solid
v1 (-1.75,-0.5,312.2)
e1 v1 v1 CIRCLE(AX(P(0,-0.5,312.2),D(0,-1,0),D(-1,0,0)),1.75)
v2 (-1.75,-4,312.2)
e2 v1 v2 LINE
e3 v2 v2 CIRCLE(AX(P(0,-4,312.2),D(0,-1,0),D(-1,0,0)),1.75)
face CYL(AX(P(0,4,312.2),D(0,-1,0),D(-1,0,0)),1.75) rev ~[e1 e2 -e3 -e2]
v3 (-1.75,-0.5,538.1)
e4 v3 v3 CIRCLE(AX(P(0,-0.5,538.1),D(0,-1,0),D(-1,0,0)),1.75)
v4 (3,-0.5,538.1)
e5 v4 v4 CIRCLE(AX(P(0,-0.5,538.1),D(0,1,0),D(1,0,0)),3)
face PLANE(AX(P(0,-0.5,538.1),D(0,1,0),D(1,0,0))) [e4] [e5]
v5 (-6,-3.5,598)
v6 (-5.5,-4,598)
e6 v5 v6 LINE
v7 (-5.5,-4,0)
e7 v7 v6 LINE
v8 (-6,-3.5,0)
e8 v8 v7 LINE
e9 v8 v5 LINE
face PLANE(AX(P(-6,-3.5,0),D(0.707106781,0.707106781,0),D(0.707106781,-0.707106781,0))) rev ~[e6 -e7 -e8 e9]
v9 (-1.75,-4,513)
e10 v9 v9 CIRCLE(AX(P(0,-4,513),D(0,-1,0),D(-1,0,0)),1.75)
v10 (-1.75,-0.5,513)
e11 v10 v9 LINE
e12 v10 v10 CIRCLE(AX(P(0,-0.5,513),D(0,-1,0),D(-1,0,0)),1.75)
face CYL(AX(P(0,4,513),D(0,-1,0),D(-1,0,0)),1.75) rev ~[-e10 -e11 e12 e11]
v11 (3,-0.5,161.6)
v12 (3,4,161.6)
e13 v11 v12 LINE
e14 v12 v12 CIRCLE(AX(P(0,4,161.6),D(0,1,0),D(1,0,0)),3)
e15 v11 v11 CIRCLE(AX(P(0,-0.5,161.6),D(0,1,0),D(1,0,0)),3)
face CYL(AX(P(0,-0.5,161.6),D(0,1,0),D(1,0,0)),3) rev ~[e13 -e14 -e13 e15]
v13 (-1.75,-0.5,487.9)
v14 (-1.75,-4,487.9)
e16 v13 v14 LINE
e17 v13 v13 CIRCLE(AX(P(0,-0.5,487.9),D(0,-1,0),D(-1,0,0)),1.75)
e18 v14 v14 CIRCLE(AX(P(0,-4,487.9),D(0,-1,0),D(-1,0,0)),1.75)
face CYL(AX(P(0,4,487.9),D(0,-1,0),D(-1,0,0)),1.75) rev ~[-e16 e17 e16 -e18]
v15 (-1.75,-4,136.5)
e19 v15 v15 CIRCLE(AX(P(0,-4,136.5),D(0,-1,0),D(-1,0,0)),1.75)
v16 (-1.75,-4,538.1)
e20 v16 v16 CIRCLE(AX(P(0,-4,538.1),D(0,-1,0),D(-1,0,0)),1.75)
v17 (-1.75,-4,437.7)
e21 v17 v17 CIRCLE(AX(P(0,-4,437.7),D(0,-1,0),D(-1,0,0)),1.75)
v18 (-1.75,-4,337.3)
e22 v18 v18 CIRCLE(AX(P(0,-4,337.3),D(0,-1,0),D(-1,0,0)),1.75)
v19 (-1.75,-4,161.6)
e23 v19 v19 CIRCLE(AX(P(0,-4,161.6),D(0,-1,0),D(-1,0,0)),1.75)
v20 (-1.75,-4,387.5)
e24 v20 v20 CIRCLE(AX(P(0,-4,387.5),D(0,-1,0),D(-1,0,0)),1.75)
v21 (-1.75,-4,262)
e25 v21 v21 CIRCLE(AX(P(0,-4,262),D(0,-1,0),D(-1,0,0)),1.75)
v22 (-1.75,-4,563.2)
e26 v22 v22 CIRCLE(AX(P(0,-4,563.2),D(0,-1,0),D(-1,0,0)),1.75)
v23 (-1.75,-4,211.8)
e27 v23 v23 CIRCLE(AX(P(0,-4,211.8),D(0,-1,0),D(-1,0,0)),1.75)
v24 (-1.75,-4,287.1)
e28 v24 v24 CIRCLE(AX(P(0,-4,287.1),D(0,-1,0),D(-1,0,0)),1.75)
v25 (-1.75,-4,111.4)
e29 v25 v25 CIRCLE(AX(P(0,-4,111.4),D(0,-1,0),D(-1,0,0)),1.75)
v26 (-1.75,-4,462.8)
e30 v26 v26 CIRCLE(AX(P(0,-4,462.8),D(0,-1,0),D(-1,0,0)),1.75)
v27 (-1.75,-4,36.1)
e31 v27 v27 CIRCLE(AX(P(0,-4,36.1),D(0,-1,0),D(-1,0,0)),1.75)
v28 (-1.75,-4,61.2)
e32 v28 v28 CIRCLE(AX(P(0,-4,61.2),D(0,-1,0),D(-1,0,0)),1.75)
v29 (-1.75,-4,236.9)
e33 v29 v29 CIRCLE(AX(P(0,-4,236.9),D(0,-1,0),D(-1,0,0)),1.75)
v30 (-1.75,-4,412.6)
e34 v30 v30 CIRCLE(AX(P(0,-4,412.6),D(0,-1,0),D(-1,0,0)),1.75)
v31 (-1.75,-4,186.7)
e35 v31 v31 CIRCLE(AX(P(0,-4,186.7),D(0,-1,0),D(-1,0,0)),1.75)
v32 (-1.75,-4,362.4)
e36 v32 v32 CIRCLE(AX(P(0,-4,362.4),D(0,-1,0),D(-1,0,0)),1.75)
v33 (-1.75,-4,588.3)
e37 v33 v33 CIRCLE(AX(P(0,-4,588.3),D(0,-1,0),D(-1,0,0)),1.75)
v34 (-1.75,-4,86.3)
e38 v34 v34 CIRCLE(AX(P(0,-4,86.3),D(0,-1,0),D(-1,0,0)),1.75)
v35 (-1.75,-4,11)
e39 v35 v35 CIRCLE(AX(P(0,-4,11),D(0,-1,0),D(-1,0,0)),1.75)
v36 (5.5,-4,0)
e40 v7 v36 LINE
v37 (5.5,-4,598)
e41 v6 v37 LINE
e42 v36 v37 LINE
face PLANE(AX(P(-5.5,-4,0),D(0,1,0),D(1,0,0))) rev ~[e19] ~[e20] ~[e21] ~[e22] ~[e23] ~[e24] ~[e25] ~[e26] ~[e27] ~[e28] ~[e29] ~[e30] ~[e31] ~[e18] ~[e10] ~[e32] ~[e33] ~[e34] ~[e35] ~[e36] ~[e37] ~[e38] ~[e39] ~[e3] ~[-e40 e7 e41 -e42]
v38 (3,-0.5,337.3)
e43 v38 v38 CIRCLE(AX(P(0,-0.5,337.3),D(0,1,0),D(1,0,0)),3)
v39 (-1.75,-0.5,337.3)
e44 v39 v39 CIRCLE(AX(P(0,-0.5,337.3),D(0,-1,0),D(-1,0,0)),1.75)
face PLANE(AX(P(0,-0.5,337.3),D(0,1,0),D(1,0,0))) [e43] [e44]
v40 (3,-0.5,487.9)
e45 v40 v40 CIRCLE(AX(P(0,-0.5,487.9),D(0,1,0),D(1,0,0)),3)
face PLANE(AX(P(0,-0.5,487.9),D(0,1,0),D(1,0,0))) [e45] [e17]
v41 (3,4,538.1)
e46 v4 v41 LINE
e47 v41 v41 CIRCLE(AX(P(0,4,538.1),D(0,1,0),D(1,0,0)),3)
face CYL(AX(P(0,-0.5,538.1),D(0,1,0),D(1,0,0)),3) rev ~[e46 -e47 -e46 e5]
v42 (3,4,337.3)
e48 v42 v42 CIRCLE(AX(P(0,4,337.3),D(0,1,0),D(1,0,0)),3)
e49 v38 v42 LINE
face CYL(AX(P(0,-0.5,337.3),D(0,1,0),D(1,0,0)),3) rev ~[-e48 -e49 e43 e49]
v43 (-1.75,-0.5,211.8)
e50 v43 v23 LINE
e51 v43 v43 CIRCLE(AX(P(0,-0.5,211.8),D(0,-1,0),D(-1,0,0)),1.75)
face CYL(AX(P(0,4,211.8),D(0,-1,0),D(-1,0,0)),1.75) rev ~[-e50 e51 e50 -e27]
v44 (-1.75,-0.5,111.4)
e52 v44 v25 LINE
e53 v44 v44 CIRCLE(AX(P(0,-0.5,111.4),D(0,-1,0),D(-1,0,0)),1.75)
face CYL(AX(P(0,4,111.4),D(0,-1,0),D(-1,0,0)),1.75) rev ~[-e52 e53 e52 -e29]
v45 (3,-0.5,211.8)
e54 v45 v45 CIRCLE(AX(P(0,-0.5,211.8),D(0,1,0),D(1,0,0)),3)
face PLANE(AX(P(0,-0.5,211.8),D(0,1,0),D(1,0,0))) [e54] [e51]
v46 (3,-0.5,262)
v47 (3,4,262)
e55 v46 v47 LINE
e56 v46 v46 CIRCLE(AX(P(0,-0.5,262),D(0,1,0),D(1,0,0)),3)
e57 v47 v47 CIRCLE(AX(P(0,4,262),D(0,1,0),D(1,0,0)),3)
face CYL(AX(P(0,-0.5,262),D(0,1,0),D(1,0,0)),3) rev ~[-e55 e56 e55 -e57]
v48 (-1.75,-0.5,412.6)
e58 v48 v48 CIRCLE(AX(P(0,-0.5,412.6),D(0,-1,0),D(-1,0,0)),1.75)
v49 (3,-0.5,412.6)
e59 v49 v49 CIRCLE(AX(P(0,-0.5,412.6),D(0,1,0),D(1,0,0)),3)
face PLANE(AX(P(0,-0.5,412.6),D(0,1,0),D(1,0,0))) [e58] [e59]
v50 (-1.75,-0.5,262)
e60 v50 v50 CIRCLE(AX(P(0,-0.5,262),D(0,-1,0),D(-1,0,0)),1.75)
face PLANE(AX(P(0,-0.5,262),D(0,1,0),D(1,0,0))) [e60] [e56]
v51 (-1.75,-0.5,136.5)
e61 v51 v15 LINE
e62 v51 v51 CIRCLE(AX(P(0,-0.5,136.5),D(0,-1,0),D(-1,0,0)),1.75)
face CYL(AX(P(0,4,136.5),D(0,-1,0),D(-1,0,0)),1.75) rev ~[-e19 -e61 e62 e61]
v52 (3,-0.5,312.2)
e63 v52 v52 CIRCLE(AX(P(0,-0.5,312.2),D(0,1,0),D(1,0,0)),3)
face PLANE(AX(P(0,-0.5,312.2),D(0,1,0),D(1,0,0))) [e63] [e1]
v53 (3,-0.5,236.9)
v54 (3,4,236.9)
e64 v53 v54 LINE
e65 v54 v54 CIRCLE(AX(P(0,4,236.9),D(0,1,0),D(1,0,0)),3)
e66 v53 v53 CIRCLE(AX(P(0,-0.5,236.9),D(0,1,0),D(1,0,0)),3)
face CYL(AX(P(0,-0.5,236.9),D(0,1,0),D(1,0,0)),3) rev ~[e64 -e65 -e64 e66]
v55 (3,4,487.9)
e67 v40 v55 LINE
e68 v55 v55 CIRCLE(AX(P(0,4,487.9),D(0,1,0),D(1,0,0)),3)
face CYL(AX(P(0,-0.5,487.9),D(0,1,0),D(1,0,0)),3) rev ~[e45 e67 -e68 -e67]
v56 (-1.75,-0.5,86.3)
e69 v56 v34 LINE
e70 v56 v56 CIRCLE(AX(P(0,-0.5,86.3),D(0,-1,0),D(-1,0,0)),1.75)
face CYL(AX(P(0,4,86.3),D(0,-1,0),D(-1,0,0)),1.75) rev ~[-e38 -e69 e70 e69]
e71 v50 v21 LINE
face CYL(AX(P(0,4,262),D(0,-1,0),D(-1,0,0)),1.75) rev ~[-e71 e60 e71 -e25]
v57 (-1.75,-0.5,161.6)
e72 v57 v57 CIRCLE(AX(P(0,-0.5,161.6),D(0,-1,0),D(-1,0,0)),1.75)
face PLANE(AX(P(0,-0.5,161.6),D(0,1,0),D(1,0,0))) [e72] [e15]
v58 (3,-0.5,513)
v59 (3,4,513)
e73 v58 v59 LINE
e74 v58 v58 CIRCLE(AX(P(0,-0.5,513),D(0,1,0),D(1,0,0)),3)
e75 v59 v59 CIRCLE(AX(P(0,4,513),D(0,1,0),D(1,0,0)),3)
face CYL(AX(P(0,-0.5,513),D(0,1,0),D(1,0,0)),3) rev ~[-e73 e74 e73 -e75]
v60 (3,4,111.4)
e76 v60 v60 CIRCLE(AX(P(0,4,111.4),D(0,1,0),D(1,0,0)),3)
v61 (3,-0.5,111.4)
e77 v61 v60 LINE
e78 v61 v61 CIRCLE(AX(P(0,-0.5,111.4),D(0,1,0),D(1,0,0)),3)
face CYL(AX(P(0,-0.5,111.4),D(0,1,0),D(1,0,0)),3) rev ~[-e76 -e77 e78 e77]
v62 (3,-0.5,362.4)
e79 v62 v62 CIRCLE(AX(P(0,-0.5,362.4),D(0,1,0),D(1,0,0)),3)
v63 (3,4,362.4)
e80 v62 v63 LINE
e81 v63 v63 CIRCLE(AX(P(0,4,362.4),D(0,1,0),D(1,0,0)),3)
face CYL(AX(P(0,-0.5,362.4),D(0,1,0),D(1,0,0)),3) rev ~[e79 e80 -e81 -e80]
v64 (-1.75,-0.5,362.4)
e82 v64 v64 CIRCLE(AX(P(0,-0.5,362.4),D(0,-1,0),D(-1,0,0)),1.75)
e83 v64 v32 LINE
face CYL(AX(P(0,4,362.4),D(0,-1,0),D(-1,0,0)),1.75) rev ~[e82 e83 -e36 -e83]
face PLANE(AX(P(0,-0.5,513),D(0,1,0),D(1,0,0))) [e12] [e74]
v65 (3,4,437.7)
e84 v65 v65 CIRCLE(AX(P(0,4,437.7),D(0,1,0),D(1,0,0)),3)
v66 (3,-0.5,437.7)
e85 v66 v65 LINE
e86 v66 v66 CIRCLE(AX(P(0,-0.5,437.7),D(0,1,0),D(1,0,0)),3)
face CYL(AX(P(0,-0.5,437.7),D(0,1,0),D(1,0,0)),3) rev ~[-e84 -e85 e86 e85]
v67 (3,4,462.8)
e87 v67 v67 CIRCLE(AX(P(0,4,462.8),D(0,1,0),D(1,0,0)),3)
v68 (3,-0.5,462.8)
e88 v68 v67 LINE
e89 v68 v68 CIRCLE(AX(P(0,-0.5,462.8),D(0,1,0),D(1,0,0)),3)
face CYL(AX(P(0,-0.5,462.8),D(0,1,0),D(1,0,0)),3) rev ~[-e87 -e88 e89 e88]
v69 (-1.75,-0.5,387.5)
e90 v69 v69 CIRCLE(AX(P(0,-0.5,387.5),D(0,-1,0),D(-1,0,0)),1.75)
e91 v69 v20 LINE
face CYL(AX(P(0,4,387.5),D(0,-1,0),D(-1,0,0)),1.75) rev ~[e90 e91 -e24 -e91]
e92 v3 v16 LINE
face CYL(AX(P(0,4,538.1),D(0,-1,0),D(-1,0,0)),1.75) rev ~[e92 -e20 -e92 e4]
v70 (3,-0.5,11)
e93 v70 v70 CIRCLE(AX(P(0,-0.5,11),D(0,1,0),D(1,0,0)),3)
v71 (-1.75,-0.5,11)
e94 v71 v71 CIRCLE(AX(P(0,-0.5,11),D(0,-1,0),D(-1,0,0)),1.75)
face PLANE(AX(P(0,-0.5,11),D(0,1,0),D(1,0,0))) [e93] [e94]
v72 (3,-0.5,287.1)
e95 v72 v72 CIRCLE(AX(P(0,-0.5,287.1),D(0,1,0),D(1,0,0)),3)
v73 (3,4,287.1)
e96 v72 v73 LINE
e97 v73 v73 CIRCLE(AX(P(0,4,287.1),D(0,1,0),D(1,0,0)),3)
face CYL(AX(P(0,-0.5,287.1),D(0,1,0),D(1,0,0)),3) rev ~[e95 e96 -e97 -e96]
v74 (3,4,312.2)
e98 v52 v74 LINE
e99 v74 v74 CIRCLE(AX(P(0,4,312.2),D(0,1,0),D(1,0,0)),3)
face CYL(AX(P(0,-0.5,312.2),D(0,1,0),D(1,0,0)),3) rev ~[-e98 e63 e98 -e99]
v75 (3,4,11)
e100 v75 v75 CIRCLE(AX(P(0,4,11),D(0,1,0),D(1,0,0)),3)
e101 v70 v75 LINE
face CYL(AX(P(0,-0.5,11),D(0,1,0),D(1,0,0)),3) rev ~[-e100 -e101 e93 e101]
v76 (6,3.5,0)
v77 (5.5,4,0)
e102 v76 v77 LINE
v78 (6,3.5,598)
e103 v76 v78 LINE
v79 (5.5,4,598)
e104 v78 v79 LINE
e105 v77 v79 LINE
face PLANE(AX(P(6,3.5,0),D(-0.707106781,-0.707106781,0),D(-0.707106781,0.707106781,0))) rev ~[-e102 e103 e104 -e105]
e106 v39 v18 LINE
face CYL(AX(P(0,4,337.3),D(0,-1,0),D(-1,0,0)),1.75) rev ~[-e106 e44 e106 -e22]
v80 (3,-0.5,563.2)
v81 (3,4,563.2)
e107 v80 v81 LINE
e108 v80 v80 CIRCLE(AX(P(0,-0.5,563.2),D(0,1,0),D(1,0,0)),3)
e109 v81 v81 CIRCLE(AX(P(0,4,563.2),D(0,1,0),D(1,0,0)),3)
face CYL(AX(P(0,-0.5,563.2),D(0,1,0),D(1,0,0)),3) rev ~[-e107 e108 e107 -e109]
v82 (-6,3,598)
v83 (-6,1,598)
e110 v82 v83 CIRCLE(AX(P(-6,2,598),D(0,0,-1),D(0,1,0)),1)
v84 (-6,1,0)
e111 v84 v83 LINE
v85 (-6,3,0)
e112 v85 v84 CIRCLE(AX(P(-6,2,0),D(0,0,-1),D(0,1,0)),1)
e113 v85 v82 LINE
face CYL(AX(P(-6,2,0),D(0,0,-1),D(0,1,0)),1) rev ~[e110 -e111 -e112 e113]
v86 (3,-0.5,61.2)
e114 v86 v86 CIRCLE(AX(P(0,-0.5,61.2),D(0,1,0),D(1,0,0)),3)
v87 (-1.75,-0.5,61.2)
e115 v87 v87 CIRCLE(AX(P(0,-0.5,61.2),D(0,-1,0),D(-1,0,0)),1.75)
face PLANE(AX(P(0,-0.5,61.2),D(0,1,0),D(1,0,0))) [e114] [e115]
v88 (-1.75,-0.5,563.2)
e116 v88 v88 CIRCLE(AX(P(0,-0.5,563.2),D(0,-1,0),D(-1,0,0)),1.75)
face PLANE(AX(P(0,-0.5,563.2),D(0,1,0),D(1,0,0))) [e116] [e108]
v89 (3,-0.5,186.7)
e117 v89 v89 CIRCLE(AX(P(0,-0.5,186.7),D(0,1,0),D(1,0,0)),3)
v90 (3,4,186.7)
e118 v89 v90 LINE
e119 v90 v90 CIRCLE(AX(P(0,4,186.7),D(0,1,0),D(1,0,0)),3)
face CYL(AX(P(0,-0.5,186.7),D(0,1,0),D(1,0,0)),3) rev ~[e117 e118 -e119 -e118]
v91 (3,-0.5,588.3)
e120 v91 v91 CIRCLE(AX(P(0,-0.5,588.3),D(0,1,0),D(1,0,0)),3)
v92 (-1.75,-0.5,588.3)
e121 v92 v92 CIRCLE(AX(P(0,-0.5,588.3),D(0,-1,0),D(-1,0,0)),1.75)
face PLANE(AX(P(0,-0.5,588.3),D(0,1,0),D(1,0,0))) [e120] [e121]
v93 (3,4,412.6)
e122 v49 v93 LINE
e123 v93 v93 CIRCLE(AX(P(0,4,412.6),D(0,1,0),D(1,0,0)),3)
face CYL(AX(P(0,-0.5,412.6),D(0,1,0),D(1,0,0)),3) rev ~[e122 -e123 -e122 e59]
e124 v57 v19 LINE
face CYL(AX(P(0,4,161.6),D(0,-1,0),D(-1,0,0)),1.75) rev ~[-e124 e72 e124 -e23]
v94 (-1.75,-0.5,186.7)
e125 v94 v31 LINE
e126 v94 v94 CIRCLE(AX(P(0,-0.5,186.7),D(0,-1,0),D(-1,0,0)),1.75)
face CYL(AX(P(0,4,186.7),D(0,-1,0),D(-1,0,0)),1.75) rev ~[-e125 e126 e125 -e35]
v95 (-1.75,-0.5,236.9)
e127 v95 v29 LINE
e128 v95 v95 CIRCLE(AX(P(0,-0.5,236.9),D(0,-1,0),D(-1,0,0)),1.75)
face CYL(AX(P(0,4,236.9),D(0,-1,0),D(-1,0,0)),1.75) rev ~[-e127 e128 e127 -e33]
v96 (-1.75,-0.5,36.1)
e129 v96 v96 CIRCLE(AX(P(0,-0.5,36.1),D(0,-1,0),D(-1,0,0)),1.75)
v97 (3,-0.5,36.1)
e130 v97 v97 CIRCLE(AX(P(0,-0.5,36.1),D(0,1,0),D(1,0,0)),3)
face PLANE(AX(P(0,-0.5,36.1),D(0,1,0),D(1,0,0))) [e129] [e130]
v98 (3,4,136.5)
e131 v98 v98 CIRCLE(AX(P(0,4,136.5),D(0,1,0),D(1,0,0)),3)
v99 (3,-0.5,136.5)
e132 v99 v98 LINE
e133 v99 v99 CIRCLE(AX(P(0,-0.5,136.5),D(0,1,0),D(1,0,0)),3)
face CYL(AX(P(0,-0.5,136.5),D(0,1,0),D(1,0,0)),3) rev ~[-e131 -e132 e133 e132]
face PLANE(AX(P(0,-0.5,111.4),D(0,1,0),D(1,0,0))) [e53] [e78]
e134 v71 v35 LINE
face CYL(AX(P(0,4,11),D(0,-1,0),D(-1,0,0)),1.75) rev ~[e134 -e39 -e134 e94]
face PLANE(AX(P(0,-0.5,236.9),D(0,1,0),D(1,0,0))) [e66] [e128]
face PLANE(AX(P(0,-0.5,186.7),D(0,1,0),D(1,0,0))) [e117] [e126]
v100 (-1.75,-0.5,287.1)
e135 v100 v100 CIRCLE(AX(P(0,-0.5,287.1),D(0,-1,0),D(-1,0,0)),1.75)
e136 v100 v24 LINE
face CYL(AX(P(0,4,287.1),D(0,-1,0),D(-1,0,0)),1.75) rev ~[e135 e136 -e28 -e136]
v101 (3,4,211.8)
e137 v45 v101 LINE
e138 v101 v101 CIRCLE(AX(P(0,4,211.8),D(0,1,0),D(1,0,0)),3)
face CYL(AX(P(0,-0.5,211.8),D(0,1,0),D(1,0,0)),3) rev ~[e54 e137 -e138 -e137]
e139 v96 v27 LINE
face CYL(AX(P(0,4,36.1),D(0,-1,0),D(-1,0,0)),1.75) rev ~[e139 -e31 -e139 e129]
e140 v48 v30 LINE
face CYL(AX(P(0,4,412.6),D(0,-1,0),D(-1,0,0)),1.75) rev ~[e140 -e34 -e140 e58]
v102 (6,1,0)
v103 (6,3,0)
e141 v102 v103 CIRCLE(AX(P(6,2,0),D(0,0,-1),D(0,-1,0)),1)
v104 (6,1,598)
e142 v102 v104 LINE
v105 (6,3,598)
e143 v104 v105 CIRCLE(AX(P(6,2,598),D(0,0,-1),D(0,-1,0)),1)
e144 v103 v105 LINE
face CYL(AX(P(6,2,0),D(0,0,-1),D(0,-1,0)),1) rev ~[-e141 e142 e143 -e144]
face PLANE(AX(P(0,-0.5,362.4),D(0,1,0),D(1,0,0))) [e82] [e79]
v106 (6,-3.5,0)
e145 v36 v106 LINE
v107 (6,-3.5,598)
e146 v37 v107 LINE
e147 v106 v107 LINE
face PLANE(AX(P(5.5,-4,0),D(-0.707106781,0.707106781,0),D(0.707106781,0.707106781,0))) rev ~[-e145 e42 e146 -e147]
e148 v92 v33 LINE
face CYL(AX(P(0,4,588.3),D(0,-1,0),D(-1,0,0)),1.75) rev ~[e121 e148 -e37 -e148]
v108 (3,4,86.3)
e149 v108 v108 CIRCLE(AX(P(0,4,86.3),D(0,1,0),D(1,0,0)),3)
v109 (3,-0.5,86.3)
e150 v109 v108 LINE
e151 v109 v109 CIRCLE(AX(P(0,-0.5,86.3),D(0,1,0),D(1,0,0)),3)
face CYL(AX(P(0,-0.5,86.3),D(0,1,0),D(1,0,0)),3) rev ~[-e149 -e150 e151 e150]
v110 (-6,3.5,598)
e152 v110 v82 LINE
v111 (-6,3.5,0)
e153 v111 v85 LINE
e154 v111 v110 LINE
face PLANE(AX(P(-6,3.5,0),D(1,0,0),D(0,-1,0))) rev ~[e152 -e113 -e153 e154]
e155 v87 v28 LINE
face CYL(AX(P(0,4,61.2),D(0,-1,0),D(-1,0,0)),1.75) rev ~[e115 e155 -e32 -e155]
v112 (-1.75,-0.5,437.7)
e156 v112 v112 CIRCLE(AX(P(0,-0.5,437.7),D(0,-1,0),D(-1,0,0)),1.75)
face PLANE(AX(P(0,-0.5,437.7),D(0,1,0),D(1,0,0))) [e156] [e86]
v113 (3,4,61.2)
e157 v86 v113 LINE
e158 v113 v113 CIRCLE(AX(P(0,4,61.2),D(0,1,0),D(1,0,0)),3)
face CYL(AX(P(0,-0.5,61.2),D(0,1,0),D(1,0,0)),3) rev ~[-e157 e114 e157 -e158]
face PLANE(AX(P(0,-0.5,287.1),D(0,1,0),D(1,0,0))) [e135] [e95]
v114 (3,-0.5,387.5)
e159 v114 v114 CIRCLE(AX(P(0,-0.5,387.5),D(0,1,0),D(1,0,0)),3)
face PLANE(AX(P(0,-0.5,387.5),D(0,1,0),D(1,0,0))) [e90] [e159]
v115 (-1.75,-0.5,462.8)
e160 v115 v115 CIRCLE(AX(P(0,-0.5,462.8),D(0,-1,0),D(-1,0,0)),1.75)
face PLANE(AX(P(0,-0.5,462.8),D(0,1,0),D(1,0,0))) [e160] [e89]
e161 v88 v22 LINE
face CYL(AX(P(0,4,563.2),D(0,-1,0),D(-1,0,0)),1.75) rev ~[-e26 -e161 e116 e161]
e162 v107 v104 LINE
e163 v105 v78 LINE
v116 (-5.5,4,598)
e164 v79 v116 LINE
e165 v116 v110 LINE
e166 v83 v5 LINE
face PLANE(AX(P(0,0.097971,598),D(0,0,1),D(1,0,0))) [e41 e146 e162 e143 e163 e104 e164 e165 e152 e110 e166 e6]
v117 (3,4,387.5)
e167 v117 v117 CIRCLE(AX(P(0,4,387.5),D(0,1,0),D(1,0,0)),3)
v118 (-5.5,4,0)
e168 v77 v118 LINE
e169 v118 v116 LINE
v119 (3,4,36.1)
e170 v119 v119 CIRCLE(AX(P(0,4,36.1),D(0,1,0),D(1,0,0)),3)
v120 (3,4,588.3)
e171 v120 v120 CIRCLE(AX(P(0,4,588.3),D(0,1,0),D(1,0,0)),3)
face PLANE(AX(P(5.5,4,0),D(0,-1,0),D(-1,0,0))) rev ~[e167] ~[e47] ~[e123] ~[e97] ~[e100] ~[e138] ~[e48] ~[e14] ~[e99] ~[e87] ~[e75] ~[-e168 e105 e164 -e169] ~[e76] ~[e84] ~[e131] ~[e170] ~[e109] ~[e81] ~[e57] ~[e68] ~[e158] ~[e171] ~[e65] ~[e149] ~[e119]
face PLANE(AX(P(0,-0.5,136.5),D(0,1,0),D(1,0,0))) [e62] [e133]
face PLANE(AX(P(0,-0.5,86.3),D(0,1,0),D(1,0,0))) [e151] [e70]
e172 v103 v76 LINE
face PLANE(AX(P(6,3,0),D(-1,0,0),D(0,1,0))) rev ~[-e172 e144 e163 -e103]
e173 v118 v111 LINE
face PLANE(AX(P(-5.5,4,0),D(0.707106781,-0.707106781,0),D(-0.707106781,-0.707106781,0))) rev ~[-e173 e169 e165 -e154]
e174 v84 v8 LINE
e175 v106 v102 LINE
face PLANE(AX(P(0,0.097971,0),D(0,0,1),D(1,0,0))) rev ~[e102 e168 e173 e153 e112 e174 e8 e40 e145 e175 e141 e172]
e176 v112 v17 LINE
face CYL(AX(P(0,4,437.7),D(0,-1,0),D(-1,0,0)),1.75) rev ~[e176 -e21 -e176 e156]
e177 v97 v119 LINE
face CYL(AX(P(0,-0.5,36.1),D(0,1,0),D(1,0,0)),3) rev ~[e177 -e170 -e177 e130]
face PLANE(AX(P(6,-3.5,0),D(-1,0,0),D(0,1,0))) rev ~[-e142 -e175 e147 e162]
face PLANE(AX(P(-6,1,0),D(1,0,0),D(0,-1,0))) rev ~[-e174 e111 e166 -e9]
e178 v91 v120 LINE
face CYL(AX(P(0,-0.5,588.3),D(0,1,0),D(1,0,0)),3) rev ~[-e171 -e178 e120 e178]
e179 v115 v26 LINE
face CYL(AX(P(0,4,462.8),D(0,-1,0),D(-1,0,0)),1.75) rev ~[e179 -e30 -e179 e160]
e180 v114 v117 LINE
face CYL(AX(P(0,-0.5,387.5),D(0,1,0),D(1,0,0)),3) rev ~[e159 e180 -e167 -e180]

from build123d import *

# Parameters (mm, degrees)
BOSS_EXTRUDE1_DEPTH                     = 598
CBORE_FOR_M5_HEX_HEAD_BOLT1_D           = 3.5
CBORE_FOR_M5_HEX_HEAD_BOLT1_CBORE_D     = 6
CBORE_FOR_M5_HEX_HEAD_BOLT1_CBORE_DEPTH = 4.5
LPATTERN1_COUNT                         = 24
LPATTERN1_PITCH                         = 25.1


with BuildPart() as part:
    # Sketch1 → Boss-Extrude1 (new body)
    with BuildSketch(Plane.XY):
        with BuildLine():
            Line((0, 4), (-5.5, 4))
            Line((-5.5, 4), (-6, 3.5))
            Line((-6, 3.5), (-6, 3))
            ThreePointArc((-6, 3), (-5, 2), (-6, 1))
            Line((-6, 1), (-6, -3.5))
            Line((-6, -3.5), (-5.5, -4))
            Line((-5.5, -4), (5.5, -4))
            Line((5.5, -4), (6, -3.5))
            Line((6, -3.5), (6, 1))
            ThreePointArc((6, 1), (5, 2), (6, 3))
            Line((6, 3), (6, 3.5))
            Line((6, 3.5), (5.5, 4))
            Line((5.5, 4), (0, 4))
        make_face()
    extrude(amount=BOSS_EXTRUDE1_DEPTH)

    # CBORE for M5 Hex Head Bolt1 (through all)
    with Locations(Plane(origin=(0, 4, 0), x_dir=(1, 0, 0), z_dir=(0, 1, 0))):
        with Locations((0, -11)):
            cbore_for_m5_hex_head_bolt1 = CounterBoreHole(CBORE_FOR_M5_HEX_HEAD_BOLT1_D / 2, CBORE_FOR_M5_HEX_HEAD_BOLT1_CBORE_D / 2, CBORE_FOR_M5_HEX_HEAD_BOLT1_CBORE_DEPTH)

    # LPattern1: CBORE for M5 Hex Head Bolt1 ×24
    with Locations(*[(0, 0, i * LPATTERN1_PITCH) for i in range(1, LPATTERN1_COUNT)]):
        add(cbore_for_m5_hex_head_bolt1, mode=Mode.SUBTRACT)


solid = part.part
